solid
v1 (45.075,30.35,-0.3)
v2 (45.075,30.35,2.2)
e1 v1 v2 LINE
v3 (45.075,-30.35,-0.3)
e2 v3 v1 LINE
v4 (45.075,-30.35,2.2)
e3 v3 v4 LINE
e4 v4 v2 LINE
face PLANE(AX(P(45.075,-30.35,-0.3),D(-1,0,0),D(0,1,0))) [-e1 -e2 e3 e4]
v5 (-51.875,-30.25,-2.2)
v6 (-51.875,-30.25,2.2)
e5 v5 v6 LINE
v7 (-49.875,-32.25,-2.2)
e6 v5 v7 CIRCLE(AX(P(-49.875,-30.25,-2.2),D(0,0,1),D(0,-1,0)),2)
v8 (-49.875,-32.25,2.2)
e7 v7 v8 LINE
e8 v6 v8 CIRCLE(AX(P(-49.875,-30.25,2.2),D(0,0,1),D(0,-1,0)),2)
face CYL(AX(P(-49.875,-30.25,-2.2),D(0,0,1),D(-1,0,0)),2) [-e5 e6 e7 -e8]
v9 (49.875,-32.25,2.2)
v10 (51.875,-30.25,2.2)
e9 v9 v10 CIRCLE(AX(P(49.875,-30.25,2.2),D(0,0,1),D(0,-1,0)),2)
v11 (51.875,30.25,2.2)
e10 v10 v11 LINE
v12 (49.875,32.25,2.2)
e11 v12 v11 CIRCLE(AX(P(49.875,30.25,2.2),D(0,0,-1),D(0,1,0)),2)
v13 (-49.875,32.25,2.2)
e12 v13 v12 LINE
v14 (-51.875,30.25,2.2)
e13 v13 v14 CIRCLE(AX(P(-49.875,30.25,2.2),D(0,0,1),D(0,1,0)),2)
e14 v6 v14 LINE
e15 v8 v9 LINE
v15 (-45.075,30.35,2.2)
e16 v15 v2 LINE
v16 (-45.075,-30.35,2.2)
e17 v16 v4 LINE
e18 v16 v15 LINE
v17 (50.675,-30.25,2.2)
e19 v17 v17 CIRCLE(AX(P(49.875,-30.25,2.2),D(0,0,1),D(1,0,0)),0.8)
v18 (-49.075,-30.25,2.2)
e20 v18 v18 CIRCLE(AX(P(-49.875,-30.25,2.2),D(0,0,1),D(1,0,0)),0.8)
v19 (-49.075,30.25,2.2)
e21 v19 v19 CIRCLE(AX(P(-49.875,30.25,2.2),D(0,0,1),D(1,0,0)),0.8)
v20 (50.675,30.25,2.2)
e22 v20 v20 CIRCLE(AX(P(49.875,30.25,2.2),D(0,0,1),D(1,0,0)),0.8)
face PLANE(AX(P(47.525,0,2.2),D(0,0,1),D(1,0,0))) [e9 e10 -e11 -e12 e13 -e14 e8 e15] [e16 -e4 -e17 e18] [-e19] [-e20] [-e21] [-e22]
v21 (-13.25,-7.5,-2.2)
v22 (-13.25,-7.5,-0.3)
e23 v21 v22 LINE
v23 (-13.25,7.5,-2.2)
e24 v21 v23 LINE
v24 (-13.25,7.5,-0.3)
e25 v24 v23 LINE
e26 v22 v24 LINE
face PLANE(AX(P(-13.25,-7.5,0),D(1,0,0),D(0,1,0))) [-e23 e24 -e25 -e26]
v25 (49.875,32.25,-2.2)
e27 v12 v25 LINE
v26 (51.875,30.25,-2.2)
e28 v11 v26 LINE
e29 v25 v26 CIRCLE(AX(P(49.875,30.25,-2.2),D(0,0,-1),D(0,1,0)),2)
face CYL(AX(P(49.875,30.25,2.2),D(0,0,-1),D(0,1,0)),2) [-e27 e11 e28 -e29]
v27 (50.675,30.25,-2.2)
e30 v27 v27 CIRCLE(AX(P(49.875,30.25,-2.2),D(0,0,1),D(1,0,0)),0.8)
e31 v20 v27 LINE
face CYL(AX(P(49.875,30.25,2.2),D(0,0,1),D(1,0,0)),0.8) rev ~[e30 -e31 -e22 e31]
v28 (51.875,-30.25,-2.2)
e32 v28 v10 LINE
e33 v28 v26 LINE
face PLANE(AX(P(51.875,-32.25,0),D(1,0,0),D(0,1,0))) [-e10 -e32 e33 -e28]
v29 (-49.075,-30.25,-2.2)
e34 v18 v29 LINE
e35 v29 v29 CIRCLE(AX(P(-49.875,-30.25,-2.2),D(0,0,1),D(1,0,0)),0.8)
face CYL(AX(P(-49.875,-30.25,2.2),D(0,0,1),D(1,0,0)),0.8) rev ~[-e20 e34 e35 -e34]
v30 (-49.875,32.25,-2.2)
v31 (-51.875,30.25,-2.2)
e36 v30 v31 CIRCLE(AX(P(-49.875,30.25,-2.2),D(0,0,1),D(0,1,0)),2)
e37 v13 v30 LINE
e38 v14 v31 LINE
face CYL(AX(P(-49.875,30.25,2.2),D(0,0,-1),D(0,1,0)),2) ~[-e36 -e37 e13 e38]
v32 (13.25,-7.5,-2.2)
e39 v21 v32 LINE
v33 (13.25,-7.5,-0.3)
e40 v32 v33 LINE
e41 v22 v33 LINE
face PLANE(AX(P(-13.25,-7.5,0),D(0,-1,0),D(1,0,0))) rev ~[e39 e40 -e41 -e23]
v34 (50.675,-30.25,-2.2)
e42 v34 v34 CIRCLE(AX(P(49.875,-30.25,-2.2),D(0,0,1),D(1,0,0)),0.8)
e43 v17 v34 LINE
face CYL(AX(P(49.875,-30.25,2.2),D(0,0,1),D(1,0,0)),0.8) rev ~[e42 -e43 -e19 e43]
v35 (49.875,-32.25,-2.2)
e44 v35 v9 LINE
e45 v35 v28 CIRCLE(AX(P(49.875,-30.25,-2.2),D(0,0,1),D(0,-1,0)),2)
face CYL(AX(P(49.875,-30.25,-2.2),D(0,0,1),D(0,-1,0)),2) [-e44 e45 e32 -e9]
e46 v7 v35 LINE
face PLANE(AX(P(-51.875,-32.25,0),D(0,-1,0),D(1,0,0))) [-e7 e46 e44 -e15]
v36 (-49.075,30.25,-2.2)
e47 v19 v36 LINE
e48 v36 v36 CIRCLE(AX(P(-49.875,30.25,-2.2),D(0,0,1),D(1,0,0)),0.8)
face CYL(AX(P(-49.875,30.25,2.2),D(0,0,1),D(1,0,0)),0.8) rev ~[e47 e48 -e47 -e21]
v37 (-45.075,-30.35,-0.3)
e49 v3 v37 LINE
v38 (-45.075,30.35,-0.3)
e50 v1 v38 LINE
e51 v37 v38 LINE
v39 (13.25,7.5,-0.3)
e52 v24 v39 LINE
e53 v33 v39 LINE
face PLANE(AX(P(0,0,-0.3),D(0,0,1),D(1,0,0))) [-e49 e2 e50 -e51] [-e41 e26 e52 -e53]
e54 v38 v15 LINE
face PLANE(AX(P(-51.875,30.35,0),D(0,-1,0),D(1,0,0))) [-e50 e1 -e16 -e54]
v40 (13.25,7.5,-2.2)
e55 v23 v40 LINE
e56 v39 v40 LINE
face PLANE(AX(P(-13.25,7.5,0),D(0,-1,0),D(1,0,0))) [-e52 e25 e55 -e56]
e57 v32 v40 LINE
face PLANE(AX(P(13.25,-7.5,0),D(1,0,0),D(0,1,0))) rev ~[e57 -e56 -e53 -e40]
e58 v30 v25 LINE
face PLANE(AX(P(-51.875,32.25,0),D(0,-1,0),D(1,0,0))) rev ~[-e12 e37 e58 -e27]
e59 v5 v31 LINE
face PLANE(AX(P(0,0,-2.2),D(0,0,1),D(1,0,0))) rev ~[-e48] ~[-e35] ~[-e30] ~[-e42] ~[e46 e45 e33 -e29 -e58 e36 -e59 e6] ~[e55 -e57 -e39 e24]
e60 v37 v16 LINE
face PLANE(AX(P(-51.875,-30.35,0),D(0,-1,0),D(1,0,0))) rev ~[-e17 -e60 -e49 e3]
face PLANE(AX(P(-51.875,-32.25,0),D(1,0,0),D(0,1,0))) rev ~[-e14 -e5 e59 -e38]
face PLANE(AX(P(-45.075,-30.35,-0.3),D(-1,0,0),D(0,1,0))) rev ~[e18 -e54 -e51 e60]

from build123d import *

# Parameters (mm, degrees)
F0_W      = 103.75
F0_H      = 64.5
F1_DEPTH  = 2.2
F2_T      = -1.9
F3_W      = 26.5
F3_H      = 15
F4_DEPTH  = 12.7
F5_R      = 2
F6_R      = 2
F7_W      = 4.9
F7_H      = 60.7
F8_DEPTH  = 2.5
F9_W      = 4.9
F9_H      = 60.7
F10_DEPTH = 2.5
F11_R     = 0.8
F12_DEPTH = 25.4
F13_R     = 0.8
F14_DEPTH = 25.4
F15_R     = 0.8
F16_DEPTH = 25.4
F17_R     = 0.8
F18_DEPTH = 25.4


with BuildPart() as f1:
    # F0 (on Top) → F1 (new body, symmetric)
    with BuildSketch(Plane.XY):
        Rectangle(F0_W, F0_H)
    extrude(amount=F1_DEPTH, both=True)

    # F2
    f2_openings = [f1.faces().sort_by_distance(p)[0] for p in [
        (0, 0, 2.2),
    ]]
    offset(amount=F2_T, openings=f2_openings)

    # F3 (on Top) → F4 (cut, symmetric)
    with BuildSketch(Plane.XY):
        Rectangle(F3_W, F3_H)
    extrude(amount=F4_DEPTH, both=True, mode=Mode.SUBTRACT)

    # F5
    f5_edges = [f1.edges().sort_by_distance(p)[0] for p in [
        (-51.875, 32.25, 0),
    ]]
    fillet(f5_edges, radius=F5_R)

    # F6
    f6_edges = [f1.edges().sort_by_distance(p)[0] for p in [
        (-51.875, -32.25, 0),
        (51.875, -32.25, 0),
        (51.875, 32.25, 0),
    ]]
    fillet(f6_edges, radius=F6_R)

    # F7 (on face) → F8 (join)
    with BuildSketch(Plane.XY.offset(-0.3)):
        with Locations((-47.525, 0)):
            Rectangle(F7_W, F7_H)
    extrude(amount=F8_DEPTH)

    # F9 (on face) → F10 (join)
    with BuildSketch(Plane.XY.offset(-0.3)):
        with Locations((47.525, 0)):
            Rectangle(F9_W, F9_H)
    extrude(amount=F10_DEPTH)

    # F11 (on face) → F12 (cut)
    with BuildSketch(Plane.XY.offset(2.2)):
        with Locations((49.875, -30.25)):
            Circle(F11_R)
    extrude(amount=-F12_DEPTH, mode=Mode.SUBTRACT)

    # F13 (on face) → F14 (cut)
    with BuildSketch(Plane.XY.offset(2.2)):
        with Locations((49.875, 30.25)):
            Circle(F13_R)
    extrude(amount=-F14_DEPTH, mode=Mode.SUBTRACT)

    # F15 (on face) → F16 (cut)
    with BuildSketch(Plane.XY.offset(2.2)):
        with Locations((-49.875, -30.25)):
            Circle(F15_R)
    extrude(amount=-F16_DEPTH, mode=Mode.SUBTRACT)

    # F17 (on face) → F18 (cut)
    with BuildSketch(Plane.XY.offset(2.2)):
        with Locations((-49.875, 30.25)):
            Circle(F17_R)
    extrude(amount=-F18_DEPTH, mode=Mode.SUBTRACT)


solid = f1.part
